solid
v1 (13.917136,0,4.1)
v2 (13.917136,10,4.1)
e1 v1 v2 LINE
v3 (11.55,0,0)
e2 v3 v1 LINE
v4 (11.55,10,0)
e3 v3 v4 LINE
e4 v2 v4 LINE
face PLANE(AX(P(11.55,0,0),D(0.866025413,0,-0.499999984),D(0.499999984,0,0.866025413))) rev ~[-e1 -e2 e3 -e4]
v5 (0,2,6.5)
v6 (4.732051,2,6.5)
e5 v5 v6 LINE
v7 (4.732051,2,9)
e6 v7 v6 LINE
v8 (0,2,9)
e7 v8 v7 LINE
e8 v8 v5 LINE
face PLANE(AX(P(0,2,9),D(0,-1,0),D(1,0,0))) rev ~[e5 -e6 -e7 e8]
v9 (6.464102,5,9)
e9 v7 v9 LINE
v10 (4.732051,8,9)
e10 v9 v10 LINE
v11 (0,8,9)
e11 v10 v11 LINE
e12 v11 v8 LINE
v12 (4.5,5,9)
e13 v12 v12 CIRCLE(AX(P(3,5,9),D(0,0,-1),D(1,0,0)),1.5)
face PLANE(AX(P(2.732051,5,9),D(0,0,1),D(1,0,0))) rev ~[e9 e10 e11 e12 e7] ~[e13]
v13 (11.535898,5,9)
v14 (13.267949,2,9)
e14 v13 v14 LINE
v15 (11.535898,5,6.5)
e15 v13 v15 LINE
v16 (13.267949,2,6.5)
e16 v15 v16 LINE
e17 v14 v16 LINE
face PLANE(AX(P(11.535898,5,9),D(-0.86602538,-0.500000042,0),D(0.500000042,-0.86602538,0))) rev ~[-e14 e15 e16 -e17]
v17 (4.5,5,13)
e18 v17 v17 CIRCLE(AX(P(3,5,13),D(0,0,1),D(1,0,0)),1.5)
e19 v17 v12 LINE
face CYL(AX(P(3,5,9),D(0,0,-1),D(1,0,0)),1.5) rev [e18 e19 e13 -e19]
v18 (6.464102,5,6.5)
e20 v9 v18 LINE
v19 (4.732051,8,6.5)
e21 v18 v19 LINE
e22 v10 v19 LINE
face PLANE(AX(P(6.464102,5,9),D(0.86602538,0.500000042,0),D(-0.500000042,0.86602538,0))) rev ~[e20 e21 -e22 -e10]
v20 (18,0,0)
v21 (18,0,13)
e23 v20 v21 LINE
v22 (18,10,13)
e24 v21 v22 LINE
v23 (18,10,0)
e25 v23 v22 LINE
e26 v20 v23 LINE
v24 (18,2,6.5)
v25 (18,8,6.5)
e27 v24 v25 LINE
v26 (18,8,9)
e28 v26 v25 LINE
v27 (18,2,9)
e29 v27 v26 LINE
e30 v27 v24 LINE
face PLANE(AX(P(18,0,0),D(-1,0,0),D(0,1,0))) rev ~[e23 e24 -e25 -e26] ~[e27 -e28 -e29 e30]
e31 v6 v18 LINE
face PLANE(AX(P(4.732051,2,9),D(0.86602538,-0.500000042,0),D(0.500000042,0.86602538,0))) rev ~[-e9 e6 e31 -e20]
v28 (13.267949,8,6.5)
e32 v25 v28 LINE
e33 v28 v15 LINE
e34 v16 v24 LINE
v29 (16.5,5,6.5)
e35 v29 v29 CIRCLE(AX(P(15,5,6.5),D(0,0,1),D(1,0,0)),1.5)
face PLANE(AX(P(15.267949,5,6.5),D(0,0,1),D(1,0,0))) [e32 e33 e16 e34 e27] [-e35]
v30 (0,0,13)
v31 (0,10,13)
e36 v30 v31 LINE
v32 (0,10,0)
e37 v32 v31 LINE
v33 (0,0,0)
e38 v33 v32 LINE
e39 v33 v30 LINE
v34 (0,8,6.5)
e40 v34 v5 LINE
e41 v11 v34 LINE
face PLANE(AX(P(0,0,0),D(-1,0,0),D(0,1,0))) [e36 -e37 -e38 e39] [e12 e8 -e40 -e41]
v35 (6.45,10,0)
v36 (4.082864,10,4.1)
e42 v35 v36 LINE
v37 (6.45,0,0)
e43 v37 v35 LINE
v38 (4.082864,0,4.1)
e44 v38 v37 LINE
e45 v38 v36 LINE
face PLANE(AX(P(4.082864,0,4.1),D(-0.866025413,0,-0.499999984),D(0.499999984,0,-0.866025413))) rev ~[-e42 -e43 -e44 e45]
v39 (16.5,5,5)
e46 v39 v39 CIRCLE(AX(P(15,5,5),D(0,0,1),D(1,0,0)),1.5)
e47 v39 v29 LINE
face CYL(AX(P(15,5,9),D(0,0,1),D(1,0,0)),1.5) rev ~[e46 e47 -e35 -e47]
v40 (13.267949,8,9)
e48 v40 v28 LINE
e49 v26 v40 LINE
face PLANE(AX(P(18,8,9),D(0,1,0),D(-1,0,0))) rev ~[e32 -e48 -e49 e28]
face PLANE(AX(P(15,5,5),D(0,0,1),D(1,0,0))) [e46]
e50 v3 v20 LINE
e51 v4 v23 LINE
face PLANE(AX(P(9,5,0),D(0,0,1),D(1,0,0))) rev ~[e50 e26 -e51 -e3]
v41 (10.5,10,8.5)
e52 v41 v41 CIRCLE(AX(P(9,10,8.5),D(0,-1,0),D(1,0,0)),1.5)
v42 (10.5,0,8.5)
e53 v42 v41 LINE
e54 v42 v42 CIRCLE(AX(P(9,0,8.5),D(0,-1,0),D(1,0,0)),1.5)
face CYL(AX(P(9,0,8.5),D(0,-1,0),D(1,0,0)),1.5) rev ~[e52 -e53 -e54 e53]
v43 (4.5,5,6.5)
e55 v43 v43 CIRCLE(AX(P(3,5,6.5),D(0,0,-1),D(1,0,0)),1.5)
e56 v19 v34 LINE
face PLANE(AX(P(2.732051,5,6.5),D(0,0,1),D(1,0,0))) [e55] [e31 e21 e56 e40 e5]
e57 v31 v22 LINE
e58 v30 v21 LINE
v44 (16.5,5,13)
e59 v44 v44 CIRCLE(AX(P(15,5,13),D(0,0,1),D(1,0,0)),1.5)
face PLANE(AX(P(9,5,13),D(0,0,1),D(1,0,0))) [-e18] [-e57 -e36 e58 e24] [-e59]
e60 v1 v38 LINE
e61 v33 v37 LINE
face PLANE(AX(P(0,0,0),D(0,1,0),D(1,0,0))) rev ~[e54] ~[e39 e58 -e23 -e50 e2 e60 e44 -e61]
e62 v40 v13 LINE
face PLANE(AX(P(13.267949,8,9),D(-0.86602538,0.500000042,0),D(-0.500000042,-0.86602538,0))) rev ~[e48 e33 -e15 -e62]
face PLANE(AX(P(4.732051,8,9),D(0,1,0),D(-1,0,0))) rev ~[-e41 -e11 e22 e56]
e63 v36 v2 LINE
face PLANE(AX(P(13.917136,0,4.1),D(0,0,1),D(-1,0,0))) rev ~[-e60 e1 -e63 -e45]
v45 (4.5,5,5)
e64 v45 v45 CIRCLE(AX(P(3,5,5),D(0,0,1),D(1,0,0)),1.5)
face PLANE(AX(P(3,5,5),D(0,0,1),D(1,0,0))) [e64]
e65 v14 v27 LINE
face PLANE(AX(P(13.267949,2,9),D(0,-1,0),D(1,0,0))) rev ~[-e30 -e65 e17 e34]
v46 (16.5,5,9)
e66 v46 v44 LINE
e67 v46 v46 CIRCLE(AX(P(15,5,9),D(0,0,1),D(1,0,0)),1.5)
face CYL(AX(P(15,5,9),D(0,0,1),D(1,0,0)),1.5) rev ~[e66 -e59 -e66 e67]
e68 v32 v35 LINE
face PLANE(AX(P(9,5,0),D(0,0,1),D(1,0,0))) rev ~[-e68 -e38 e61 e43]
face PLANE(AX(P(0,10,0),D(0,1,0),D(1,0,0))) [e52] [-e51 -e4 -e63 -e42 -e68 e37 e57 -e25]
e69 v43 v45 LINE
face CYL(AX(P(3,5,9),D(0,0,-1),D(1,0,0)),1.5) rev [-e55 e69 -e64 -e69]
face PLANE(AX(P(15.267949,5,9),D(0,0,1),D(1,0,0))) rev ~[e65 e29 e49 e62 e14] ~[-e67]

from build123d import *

# Parameters (mm, degrees)
SKETCH_W        = 18
SKETCH_H        = 10
PAD_DEPTH       = 13
SKETCH009_R     = 1.5
POCKET_DEPTH    = 4
POCKET001_DEPTH = 2.5
POCKET002_DEPTH = 10.001
SKETCH012_R     = 1.5
POCKET003_DEPTH = 10.001


with BuildPart() as part:
    # Sketch → Pad (new body)
    with BuildSketch(Plane.XY):
        with Locations((9, 5)):
            Rectangle(SKETCH_W, SKETCH_H)
    extrude(amount=PAD_DEPTH)

    # Sketch009 (on DatumPlane) → Pocket (cut, symmetric)
    with BuildSketch(Plane.XY.offset(9)):
        with Locations((3, 5)):
            Circle(SKETCH009_R)
        with Locations((15, 5)):
            Circle(SKETCH009_R)
    extrude(amount=POCKET_DEPTH, both=True, mode=Mode.SUBTRACT)

    # Sketch010 (on DatumPlane) → Pocket001 (cut)
    with BuildSketch(Plane.XY.offset(9)):
        Polygon((4.732051, 2), (6.464102, 5), (4.732051, 8), (1.267949, 8), (0, 8), (0, 2), (1.267949, 2), align=None)
        Polygon((16.732051, 8), (13.267949, 8), (11.535898, 5), (13.267949, 2), (16.732051, 2), (18, 2), (18, 8), align=None)
    extrude(amount=-POCKET001_DEPTH, mode=Mode.SUBTRACT)

    # Sketch011 → Pocket002 (cut, through all)
    with BuildSketch(Plane.XZ):
        Polygon((6.45, 0), (11.55, 0), (13.917136, 4.1), (4.082864, 4.1), align=None)
    extrude(amount=-POCKET002_DEPTH, mode=Mode.SUBTRACT)

    # Sketch012 → Pocket003 (cut, through all)
    with BuildSketch(Plane.XZ):
        with Locations((9, 8.5)):
            Circle(SKETCH012_R)
    extrude(amount=-POCKET003_DEPTH, mode=Mode.SUBTRACT)


solid = part.part
